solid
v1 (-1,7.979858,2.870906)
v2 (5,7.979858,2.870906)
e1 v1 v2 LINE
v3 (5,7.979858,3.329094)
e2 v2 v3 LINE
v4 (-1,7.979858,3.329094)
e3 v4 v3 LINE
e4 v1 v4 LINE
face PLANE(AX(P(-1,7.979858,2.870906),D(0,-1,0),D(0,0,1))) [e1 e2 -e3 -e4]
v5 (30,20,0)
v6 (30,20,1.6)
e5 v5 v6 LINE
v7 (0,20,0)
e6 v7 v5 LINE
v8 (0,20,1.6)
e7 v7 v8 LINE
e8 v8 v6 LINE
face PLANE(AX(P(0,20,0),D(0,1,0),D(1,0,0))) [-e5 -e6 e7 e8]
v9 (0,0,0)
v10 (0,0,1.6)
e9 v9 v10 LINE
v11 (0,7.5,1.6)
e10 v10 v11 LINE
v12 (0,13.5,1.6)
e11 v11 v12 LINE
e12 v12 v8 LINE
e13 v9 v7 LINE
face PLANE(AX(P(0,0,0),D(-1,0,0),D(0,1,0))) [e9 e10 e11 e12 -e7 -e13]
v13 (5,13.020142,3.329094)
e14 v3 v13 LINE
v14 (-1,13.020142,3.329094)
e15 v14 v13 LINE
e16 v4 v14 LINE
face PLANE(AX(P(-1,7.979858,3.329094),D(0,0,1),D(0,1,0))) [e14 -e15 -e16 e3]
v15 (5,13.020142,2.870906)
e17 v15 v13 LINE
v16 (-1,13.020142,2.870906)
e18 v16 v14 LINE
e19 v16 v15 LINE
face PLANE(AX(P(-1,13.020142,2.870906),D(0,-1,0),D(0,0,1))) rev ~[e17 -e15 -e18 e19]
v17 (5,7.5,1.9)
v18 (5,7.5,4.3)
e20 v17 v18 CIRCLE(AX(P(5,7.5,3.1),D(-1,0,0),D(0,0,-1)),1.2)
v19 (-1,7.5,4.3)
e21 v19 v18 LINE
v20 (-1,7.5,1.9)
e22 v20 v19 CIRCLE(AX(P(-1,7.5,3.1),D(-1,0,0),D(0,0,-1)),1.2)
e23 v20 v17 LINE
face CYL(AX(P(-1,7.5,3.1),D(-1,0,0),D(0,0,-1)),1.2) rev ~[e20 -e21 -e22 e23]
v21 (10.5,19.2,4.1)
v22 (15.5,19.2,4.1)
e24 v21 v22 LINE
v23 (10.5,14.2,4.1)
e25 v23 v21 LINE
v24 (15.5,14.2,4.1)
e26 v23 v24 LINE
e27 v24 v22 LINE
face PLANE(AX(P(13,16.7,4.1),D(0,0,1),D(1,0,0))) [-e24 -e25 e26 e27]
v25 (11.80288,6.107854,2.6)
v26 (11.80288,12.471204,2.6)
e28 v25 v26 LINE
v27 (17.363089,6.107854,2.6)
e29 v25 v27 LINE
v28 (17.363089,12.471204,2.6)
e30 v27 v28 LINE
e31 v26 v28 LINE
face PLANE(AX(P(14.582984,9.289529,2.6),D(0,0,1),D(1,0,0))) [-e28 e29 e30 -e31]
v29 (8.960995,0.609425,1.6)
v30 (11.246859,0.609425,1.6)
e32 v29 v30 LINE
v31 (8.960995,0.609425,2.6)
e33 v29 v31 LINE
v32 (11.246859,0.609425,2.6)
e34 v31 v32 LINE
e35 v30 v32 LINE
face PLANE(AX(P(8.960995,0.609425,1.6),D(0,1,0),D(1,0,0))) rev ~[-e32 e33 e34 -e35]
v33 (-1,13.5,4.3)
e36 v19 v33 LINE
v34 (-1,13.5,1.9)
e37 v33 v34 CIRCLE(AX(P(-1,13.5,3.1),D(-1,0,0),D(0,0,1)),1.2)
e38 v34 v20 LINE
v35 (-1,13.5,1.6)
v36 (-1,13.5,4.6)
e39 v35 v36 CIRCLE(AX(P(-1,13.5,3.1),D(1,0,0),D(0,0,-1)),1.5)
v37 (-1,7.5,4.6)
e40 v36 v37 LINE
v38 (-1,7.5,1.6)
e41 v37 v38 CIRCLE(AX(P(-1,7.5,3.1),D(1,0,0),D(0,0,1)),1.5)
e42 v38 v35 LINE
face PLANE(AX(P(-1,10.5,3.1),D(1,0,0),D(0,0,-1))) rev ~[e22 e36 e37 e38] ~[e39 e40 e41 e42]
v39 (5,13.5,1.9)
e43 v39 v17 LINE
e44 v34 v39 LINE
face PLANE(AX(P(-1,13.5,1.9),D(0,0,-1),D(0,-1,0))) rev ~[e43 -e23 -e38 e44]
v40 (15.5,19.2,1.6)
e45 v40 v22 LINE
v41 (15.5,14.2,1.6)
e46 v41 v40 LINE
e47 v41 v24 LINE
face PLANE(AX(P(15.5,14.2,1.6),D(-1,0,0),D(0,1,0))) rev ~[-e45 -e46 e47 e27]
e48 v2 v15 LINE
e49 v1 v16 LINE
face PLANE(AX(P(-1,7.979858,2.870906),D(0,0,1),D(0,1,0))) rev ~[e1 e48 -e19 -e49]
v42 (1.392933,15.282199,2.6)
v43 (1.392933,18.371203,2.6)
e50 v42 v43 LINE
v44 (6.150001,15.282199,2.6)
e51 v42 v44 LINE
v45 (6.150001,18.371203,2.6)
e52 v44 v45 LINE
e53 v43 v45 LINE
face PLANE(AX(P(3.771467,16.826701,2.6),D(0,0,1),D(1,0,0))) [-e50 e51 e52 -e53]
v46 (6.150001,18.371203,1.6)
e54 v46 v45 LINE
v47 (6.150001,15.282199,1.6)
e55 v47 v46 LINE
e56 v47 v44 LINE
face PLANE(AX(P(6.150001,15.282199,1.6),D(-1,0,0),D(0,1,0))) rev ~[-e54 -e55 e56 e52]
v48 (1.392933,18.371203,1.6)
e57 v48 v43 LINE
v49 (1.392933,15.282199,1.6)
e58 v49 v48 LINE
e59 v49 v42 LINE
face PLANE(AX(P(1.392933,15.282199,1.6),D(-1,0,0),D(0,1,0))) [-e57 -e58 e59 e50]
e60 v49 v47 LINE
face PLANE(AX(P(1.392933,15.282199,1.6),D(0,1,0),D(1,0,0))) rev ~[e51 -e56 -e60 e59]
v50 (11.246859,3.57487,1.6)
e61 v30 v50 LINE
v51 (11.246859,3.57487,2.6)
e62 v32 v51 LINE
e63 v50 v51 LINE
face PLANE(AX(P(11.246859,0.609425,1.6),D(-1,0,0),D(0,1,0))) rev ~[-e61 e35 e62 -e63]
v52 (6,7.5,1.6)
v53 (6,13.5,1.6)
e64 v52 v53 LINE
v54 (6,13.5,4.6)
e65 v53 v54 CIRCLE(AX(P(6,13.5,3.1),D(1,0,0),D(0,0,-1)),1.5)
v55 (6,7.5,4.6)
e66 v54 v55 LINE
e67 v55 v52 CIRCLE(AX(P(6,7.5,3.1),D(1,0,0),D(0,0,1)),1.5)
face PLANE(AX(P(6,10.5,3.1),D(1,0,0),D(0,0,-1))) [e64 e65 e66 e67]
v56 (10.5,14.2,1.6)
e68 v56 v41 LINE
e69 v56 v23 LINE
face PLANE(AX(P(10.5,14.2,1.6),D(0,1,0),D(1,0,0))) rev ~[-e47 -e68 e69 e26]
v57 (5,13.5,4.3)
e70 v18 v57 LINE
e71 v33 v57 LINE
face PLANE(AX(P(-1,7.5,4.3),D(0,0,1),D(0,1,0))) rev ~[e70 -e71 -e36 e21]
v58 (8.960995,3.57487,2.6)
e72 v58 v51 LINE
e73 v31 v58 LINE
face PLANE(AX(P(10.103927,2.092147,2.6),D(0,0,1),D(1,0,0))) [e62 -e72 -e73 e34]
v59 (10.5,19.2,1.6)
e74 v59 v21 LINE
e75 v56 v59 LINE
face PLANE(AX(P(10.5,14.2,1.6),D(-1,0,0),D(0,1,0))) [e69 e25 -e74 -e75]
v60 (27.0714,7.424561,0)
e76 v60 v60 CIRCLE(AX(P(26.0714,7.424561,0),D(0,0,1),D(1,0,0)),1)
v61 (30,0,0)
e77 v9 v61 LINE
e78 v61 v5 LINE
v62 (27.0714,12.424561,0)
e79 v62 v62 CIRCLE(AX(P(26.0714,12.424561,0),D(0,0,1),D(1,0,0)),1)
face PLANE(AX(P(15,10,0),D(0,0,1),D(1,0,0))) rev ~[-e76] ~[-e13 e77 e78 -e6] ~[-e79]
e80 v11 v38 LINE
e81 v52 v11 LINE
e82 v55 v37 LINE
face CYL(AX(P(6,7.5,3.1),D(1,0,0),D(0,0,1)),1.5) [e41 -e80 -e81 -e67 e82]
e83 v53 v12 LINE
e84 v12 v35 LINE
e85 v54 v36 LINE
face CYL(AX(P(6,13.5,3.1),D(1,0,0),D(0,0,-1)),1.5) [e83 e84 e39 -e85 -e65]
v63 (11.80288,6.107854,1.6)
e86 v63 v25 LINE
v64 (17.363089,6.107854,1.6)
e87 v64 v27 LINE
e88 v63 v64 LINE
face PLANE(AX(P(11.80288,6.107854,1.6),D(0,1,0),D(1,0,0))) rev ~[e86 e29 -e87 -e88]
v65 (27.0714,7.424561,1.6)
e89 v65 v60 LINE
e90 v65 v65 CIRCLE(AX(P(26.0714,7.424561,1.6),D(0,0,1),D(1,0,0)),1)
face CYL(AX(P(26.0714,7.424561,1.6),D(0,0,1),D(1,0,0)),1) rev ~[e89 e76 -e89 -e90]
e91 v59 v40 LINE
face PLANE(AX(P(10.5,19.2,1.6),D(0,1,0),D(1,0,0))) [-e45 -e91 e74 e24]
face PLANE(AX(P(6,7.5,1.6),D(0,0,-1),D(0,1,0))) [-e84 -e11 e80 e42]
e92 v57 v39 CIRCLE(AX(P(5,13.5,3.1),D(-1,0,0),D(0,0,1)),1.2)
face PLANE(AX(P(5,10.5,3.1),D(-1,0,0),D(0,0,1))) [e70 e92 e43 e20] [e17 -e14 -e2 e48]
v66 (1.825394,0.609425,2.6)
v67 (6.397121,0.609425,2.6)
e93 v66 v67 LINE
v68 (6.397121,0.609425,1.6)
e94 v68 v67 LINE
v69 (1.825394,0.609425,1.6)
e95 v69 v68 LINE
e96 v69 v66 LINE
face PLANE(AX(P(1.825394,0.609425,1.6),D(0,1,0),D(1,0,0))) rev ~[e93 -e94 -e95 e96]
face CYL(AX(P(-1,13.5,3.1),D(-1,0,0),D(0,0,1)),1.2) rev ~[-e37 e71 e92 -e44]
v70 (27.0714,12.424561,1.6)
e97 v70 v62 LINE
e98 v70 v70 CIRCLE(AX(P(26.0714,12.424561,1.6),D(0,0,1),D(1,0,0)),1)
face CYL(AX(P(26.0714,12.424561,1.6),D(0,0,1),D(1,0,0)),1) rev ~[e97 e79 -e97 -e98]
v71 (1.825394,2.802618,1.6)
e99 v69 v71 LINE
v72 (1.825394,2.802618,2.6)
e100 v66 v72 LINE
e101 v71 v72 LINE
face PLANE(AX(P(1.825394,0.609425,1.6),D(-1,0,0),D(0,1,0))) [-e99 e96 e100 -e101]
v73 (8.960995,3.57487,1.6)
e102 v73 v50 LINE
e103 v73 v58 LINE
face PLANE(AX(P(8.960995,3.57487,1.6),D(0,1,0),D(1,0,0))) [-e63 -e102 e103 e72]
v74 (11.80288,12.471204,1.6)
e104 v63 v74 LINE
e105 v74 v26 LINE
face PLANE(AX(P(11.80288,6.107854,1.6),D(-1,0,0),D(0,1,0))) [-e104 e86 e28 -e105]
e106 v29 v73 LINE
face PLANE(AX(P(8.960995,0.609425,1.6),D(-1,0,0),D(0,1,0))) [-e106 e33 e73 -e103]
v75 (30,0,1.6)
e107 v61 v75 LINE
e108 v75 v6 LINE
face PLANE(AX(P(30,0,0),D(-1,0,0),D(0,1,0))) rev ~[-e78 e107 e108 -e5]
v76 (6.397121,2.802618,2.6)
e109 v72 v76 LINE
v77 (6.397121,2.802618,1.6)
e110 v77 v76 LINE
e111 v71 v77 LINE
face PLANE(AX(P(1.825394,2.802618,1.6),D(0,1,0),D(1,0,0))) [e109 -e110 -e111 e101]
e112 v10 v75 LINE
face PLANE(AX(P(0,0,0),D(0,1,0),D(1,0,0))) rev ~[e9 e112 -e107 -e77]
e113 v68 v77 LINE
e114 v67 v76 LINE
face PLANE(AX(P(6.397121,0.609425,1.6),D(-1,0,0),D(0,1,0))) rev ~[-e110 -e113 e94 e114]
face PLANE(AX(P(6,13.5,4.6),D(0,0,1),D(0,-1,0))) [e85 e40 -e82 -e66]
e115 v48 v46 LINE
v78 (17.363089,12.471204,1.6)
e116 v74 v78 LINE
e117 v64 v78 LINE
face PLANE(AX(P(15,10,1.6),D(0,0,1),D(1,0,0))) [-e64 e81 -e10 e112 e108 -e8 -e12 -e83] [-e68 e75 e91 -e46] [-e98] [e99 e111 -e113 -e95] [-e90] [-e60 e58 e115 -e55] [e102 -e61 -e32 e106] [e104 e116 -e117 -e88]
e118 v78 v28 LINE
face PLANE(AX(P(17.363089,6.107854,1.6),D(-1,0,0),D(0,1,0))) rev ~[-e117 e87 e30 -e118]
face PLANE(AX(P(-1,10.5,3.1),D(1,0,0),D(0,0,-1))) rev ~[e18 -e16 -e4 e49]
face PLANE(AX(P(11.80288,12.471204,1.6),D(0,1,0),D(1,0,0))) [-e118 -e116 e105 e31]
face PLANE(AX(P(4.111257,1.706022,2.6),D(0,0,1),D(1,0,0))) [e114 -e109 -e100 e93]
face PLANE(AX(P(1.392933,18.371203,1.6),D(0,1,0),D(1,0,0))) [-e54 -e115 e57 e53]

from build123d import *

# Parameters (mm, degrees)
SKICA1_W                     = 30
SKICA1_H                     = 20
P_IDAT_VYSUNUT_M1_DEPTH      = 1.6
SKICA2_W                     = 5
SKICA2_H                     = 5
P_IDAT_VYSUNUT_M2_DEPTH      = 2.5
SKICA3_W                     = 5.560208965
SKICA3_H                     = 6.363350261
SKICA3_W_2                   = 2.285863686
SKICA3_H_2                   = 2.965444781
SKICA3_W_3                   = 4.571727371
SKICA3_H_3                   = 2.193193536
SKICA3_W_4                   = 4.75706767
SKICA3_H_4                   = 3.089004981
P_IDAT_VYSUNUT_M3_DEPTH      = 1
SKICA4_R                     = 1
ODEBRAT_VYSUNUT_M1_DEPTH     = 11
P_IDAT_VYSUNUT_M4_DEPTH      = 1
P_IDAT_VYSUNUT_M4_DEPTH_BACK = 6
SKICA6_W                     = 0.458188224
SKICA6_H                     = 5.040283318
ODEBRAT_VYSUNUT_M2_DEPTH     = 6


with BuildPart() as part:
    # Skica1 → Přidat vysunutím1 (new body)
    with BuildSketch(Plane.XY):
        with Locations((15, 10)):
            Rectangle(SKICA1_W, SKICA1_H)
    extrude(amount=P_IDAT_VYSUNUT_M1_DEPTH)

    # Skica2 → Přidat vysunutím2 (add)
    with BuildSketch(Plane.XY.offset(1.6)):
        with Locations((13, 16.7)):
            Rectangle(SKICA2_W, SKICA2_H)
    extrude(amount=P_IDAT_VYSUNUT_M2_DEPTH)

    # Skica3 → Přidat vysunutím3 (add)
    with BuildSketch(Plane.XY.offset(1.6)):
        with Locations((14.582984328, 9.289528855)):
            Rectangle(SKICA3_W, SKICA3_H)
        with Locations((10.103927106, 2.092147249)):
            Rectangle(SKICA3_W_2, SKICA3_H_2)
        with Locations((4.111257444, 1.706021627)):
            Rectangle(SKICA3_W_3, SKICA3_H_3)
        with Locations((3.771466895, 16.826701007)):
            Rectangle(SKICA3_W_4, SKICA3_H_4)
    extrude(amount=P_IDAT_VYSUNUT_M3_DEPTH)

    # Skica4 → Odebrat vysunutím1 (cut)
    with BuildSketch(Plane.XY.offset(1.6)):
        with Locations((26.071400283, 12.424560679)):
            Circle(SKICA4_R)
        with Locations((26.071400283, 7.424560679)):
            Circle(SKICA4_R)
    extrude(amount=-ODEBRAT_VYSUNUT_M1_DEPTH, mode=Mode.SUBTRACT)

    # Skica5 → Přidat vysunutím4 (add, two sides: drawn at the far end of the back side and taken through both)
    with BuildSketch(Plane.ZY.offset(-P_IDAT_VYSUNUT_M4_DEPTH_BACK)):
        with BuildLine():
            Line((4.6, 13.5), (4.6, 7.5))
            ThreePointArc((4.6, 7.5), (3.1, 6), (1.6, 7.5))
            Line((1.6, 7.5), (1.6, 13.5))
            ThreePointArc((1.6, 13.5), (3.1, 15), (4.6, 13.5))
        make_face()
    extrude(amount=P_IDAT_VYSUNUT_M4_DEPTH + P_IDAT_VYSUNUT_M4_DEPTH_BACK)

    # Skica6 → Odebrat vysunutím2 (cut)
    with BuildSketch(Plane.ZY.offset(1)):
        with BuildLine():
            Line((1.9, 13.5), (1.9, 7.5))
            ThreePointArc((1.9, 7.5), (3.1, 6.3), (4.3, 7.5))
            Line((4.3, 7.5), (4.3, 13.5))
            ThreePointArc((4.3, 13.5), (3.1, 14.7), (1.9, 13.5))
        make_face()
        with Locations((3.1, 10.5)):
            Rectangle(SKICA6_W, SKICA6_H, mode=Mode.SUBTRACT)
    extrude(amount=-ODEBRAT_VYSUNUT_M2_DEPTH, mode=Mode.SUBTRACT)


solid = part.part
